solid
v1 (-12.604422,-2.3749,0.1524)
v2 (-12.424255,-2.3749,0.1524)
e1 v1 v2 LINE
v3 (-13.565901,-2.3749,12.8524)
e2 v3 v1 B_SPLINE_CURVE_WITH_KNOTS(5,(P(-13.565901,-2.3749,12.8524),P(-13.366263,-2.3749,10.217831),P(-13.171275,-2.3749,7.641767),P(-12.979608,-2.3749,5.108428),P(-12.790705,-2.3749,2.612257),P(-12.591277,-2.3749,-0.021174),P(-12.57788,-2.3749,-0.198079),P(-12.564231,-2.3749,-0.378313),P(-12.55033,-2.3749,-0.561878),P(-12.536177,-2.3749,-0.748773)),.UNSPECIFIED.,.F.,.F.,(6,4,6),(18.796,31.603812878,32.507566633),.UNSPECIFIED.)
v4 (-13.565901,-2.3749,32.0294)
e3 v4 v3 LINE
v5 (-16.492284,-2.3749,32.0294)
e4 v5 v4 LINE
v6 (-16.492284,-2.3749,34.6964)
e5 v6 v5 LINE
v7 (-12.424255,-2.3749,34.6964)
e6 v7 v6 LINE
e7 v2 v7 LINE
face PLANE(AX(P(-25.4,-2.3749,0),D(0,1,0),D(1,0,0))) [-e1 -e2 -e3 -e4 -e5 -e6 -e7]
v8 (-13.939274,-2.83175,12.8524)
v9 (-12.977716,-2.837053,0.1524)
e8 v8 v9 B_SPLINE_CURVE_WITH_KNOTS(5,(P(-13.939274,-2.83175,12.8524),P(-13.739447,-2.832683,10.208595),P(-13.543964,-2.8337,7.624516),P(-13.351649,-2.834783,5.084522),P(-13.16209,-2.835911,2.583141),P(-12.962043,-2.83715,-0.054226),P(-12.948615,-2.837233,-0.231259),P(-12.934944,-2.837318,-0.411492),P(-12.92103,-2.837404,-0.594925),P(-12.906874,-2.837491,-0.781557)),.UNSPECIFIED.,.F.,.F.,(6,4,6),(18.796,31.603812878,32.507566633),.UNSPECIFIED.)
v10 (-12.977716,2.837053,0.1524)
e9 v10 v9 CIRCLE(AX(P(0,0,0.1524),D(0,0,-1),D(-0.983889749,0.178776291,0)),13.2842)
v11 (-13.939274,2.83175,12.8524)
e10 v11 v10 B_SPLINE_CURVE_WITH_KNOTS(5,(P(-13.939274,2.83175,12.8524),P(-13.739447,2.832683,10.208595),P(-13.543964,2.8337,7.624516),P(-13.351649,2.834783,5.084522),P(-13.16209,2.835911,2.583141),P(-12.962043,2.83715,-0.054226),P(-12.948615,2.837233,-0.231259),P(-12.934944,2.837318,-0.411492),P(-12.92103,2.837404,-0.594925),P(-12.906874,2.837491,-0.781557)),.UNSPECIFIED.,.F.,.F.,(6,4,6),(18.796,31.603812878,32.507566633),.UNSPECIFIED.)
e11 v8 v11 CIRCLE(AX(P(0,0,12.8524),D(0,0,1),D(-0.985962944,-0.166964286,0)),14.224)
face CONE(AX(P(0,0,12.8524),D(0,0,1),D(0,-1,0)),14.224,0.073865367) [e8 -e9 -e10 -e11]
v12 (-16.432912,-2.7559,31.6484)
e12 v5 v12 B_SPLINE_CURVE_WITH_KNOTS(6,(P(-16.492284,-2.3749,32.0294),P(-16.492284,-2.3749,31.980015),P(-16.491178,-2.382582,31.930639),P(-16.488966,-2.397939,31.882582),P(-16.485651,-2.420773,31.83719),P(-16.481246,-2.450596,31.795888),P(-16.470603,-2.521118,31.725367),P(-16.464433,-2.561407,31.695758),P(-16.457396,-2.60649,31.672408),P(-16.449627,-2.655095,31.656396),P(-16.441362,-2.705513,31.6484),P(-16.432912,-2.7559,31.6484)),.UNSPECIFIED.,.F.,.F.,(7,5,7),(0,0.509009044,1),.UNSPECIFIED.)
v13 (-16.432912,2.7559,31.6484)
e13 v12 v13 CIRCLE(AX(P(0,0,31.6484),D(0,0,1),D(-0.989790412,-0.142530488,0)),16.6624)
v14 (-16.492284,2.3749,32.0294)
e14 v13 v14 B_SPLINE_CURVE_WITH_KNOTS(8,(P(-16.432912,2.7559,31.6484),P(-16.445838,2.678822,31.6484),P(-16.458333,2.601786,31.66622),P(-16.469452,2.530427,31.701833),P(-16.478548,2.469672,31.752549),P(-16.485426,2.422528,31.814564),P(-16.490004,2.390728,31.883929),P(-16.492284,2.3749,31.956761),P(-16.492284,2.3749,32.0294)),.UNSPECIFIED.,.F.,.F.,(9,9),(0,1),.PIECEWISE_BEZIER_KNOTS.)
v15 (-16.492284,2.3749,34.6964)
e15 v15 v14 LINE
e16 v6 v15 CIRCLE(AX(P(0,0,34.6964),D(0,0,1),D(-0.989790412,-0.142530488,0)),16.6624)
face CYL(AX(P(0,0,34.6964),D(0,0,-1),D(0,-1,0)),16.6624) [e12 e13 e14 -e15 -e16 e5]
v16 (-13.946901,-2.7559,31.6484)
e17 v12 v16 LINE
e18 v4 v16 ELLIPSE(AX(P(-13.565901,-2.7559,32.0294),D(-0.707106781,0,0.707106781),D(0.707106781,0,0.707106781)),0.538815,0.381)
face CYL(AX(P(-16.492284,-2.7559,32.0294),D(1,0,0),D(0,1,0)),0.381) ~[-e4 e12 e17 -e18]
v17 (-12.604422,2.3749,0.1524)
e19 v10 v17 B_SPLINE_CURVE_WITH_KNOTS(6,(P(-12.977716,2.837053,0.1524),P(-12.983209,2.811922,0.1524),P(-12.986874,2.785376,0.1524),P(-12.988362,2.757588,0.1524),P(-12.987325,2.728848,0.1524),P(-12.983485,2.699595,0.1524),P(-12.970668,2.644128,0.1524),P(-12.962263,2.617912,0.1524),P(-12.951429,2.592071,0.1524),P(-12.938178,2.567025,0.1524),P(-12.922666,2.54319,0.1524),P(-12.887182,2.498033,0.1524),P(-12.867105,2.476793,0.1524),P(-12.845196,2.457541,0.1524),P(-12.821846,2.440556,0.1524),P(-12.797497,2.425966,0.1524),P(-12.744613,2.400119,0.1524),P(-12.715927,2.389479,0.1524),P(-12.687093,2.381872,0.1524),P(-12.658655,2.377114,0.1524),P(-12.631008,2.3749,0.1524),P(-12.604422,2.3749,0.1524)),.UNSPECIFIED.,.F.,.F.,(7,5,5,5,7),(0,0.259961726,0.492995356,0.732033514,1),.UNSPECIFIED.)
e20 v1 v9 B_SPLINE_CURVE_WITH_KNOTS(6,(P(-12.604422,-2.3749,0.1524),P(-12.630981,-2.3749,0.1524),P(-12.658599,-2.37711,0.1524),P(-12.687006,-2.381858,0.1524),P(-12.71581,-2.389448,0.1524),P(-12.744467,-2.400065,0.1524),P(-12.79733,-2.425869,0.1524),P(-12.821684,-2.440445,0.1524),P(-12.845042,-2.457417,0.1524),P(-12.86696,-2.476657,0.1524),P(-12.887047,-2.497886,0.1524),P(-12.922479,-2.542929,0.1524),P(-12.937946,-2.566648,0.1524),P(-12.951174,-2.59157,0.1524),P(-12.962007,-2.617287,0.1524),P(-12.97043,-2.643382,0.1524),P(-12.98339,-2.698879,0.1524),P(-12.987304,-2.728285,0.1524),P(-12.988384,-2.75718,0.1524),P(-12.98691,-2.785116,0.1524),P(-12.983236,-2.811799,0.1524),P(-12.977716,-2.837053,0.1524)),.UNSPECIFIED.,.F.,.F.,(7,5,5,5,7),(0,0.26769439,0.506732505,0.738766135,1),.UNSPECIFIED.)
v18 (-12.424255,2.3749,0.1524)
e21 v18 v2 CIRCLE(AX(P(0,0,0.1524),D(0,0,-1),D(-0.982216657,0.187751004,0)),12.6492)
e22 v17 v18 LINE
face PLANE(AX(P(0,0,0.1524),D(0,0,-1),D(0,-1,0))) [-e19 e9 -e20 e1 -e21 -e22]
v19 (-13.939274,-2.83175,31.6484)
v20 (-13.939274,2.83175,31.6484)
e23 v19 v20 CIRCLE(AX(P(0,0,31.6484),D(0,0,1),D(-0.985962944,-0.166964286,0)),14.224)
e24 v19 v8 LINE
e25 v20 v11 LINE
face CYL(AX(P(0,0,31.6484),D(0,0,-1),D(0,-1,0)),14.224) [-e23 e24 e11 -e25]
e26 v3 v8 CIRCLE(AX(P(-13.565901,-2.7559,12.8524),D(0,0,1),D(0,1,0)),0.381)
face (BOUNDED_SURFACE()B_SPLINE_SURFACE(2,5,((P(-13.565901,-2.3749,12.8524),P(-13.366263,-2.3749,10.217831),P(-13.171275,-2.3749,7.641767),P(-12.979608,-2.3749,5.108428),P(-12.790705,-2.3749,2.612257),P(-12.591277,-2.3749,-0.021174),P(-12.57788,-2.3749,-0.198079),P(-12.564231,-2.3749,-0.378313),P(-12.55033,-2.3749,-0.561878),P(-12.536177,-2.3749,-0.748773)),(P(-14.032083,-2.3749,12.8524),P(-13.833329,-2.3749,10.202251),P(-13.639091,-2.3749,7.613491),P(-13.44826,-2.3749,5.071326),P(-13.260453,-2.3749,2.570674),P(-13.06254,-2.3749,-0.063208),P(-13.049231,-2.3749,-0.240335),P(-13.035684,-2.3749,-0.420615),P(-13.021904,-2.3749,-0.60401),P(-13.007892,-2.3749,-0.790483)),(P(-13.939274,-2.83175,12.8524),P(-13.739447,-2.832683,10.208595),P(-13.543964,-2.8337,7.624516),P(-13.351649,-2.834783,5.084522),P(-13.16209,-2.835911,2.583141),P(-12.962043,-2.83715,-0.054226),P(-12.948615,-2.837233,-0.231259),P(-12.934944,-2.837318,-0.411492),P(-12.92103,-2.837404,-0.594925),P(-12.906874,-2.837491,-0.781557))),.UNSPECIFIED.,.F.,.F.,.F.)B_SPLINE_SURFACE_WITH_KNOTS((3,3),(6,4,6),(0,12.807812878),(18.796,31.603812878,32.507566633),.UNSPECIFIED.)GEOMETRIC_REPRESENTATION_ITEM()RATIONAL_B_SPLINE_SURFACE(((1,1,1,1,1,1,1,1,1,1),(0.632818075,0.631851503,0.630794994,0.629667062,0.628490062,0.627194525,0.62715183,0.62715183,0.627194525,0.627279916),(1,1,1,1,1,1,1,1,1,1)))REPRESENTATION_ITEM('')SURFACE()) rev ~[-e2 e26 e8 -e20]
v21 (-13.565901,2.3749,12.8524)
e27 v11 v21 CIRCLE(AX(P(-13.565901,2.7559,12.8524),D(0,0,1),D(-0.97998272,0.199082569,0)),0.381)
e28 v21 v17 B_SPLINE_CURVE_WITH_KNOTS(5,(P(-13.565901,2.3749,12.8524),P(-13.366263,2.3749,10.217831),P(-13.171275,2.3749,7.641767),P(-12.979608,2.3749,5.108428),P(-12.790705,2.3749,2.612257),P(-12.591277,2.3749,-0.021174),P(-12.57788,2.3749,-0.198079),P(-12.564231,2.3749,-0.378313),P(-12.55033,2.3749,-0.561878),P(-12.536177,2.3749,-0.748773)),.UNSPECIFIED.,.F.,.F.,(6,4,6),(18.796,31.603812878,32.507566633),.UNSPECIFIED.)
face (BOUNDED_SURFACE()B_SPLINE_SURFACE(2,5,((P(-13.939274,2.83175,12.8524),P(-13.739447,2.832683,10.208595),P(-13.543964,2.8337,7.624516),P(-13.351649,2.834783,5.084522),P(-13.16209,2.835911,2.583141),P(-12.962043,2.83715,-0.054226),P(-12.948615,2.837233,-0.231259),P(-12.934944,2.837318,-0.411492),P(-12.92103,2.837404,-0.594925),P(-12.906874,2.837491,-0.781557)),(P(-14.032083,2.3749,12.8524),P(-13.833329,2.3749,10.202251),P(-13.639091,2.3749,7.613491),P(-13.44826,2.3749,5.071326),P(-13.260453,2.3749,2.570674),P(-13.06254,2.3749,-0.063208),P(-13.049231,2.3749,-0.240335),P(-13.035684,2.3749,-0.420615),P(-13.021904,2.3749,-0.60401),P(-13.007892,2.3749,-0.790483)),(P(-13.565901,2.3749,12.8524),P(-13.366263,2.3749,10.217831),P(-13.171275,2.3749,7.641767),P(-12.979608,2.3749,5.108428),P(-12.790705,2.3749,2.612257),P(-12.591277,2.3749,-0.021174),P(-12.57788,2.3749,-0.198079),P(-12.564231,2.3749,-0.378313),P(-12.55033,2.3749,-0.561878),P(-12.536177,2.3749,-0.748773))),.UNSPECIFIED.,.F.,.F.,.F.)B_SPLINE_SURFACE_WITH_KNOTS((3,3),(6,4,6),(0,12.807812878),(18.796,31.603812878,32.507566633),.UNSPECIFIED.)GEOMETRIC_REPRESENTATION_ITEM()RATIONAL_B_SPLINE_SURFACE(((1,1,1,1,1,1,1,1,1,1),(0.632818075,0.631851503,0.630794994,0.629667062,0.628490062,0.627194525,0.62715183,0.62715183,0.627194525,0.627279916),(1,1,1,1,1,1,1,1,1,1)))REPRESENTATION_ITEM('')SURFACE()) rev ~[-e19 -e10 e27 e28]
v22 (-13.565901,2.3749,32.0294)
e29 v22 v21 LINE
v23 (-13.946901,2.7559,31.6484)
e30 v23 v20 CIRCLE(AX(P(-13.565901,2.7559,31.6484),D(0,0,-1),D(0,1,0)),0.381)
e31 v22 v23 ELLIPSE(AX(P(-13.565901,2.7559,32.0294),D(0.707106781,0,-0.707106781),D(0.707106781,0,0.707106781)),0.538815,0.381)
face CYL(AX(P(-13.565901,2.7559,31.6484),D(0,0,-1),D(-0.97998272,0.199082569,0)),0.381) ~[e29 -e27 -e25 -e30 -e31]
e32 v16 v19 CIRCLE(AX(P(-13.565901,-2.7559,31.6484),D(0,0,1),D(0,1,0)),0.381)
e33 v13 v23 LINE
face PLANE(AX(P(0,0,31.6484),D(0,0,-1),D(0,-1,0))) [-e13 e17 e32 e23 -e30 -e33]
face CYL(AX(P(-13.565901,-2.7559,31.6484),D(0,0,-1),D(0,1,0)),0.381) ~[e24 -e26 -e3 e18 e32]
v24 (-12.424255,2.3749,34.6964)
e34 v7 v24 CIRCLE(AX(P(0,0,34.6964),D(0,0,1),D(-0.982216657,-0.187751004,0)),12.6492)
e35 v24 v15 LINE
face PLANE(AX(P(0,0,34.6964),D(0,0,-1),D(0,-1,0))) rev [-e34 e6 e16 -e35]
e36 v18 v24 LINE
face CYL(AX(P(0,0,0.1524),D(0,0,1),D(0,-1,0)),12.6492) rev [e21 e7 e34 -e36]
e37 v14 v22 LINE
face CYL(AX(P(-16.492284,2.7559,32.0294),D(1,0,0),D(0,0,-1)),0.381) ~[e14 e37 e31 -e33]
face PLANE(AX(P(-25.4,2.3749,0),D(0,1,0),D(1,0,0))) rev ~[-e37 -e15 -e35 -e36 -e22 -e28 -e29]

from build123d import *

# Parameters (mm, degrees)
F2_W     = 25.146
F2_H     = 4.7498
F3_DEPTH = 34.6974
F4_R     = 0.381


with BuildPart() as f1:
    # F0 (on Right) → F1 (revolve)
    with BuildSketch(Plane.YZ):
        Polygon((-12.6492, 0.1524), (-12.6492, 34.6964), (-16.6624, 34.6964), (-16.6624, 31.6484), (-14.224, 31.6484), (-14.224, 12.8524), (-13.2842, 0.1524), align=None)
    revolve(axis=Axis((0, 0, 4.6482), (0, 0, -1)))

    # F2 (on Top) → F3 (cut, through all)
    with BuildSketch(Plane.XY):
        with Locations((-12.827, 0)):
            Rectangle(F2_W, F2_H)
    extrude(amount=F3_DEPTH, mode=Mode.SUBTRACT)

    # F4
    f4_edges = [f1.edges().sort_by_distance(p)[0] for p in [
        (-13.547512, -2.3749, 6.502381),
        (-14.024337, -2.3749, 22.2504),
        (-13.547512, 2.3749, 6.502381),
        (-14.024337, 2.3749, 22.2504),
        (-15.25831, -2.3749, 31.6484),
        (-15.25831, 2.3749, 31.6484),
    ]]
    fillet(f4_edges, radius=F4_R)


solid = f1.part
